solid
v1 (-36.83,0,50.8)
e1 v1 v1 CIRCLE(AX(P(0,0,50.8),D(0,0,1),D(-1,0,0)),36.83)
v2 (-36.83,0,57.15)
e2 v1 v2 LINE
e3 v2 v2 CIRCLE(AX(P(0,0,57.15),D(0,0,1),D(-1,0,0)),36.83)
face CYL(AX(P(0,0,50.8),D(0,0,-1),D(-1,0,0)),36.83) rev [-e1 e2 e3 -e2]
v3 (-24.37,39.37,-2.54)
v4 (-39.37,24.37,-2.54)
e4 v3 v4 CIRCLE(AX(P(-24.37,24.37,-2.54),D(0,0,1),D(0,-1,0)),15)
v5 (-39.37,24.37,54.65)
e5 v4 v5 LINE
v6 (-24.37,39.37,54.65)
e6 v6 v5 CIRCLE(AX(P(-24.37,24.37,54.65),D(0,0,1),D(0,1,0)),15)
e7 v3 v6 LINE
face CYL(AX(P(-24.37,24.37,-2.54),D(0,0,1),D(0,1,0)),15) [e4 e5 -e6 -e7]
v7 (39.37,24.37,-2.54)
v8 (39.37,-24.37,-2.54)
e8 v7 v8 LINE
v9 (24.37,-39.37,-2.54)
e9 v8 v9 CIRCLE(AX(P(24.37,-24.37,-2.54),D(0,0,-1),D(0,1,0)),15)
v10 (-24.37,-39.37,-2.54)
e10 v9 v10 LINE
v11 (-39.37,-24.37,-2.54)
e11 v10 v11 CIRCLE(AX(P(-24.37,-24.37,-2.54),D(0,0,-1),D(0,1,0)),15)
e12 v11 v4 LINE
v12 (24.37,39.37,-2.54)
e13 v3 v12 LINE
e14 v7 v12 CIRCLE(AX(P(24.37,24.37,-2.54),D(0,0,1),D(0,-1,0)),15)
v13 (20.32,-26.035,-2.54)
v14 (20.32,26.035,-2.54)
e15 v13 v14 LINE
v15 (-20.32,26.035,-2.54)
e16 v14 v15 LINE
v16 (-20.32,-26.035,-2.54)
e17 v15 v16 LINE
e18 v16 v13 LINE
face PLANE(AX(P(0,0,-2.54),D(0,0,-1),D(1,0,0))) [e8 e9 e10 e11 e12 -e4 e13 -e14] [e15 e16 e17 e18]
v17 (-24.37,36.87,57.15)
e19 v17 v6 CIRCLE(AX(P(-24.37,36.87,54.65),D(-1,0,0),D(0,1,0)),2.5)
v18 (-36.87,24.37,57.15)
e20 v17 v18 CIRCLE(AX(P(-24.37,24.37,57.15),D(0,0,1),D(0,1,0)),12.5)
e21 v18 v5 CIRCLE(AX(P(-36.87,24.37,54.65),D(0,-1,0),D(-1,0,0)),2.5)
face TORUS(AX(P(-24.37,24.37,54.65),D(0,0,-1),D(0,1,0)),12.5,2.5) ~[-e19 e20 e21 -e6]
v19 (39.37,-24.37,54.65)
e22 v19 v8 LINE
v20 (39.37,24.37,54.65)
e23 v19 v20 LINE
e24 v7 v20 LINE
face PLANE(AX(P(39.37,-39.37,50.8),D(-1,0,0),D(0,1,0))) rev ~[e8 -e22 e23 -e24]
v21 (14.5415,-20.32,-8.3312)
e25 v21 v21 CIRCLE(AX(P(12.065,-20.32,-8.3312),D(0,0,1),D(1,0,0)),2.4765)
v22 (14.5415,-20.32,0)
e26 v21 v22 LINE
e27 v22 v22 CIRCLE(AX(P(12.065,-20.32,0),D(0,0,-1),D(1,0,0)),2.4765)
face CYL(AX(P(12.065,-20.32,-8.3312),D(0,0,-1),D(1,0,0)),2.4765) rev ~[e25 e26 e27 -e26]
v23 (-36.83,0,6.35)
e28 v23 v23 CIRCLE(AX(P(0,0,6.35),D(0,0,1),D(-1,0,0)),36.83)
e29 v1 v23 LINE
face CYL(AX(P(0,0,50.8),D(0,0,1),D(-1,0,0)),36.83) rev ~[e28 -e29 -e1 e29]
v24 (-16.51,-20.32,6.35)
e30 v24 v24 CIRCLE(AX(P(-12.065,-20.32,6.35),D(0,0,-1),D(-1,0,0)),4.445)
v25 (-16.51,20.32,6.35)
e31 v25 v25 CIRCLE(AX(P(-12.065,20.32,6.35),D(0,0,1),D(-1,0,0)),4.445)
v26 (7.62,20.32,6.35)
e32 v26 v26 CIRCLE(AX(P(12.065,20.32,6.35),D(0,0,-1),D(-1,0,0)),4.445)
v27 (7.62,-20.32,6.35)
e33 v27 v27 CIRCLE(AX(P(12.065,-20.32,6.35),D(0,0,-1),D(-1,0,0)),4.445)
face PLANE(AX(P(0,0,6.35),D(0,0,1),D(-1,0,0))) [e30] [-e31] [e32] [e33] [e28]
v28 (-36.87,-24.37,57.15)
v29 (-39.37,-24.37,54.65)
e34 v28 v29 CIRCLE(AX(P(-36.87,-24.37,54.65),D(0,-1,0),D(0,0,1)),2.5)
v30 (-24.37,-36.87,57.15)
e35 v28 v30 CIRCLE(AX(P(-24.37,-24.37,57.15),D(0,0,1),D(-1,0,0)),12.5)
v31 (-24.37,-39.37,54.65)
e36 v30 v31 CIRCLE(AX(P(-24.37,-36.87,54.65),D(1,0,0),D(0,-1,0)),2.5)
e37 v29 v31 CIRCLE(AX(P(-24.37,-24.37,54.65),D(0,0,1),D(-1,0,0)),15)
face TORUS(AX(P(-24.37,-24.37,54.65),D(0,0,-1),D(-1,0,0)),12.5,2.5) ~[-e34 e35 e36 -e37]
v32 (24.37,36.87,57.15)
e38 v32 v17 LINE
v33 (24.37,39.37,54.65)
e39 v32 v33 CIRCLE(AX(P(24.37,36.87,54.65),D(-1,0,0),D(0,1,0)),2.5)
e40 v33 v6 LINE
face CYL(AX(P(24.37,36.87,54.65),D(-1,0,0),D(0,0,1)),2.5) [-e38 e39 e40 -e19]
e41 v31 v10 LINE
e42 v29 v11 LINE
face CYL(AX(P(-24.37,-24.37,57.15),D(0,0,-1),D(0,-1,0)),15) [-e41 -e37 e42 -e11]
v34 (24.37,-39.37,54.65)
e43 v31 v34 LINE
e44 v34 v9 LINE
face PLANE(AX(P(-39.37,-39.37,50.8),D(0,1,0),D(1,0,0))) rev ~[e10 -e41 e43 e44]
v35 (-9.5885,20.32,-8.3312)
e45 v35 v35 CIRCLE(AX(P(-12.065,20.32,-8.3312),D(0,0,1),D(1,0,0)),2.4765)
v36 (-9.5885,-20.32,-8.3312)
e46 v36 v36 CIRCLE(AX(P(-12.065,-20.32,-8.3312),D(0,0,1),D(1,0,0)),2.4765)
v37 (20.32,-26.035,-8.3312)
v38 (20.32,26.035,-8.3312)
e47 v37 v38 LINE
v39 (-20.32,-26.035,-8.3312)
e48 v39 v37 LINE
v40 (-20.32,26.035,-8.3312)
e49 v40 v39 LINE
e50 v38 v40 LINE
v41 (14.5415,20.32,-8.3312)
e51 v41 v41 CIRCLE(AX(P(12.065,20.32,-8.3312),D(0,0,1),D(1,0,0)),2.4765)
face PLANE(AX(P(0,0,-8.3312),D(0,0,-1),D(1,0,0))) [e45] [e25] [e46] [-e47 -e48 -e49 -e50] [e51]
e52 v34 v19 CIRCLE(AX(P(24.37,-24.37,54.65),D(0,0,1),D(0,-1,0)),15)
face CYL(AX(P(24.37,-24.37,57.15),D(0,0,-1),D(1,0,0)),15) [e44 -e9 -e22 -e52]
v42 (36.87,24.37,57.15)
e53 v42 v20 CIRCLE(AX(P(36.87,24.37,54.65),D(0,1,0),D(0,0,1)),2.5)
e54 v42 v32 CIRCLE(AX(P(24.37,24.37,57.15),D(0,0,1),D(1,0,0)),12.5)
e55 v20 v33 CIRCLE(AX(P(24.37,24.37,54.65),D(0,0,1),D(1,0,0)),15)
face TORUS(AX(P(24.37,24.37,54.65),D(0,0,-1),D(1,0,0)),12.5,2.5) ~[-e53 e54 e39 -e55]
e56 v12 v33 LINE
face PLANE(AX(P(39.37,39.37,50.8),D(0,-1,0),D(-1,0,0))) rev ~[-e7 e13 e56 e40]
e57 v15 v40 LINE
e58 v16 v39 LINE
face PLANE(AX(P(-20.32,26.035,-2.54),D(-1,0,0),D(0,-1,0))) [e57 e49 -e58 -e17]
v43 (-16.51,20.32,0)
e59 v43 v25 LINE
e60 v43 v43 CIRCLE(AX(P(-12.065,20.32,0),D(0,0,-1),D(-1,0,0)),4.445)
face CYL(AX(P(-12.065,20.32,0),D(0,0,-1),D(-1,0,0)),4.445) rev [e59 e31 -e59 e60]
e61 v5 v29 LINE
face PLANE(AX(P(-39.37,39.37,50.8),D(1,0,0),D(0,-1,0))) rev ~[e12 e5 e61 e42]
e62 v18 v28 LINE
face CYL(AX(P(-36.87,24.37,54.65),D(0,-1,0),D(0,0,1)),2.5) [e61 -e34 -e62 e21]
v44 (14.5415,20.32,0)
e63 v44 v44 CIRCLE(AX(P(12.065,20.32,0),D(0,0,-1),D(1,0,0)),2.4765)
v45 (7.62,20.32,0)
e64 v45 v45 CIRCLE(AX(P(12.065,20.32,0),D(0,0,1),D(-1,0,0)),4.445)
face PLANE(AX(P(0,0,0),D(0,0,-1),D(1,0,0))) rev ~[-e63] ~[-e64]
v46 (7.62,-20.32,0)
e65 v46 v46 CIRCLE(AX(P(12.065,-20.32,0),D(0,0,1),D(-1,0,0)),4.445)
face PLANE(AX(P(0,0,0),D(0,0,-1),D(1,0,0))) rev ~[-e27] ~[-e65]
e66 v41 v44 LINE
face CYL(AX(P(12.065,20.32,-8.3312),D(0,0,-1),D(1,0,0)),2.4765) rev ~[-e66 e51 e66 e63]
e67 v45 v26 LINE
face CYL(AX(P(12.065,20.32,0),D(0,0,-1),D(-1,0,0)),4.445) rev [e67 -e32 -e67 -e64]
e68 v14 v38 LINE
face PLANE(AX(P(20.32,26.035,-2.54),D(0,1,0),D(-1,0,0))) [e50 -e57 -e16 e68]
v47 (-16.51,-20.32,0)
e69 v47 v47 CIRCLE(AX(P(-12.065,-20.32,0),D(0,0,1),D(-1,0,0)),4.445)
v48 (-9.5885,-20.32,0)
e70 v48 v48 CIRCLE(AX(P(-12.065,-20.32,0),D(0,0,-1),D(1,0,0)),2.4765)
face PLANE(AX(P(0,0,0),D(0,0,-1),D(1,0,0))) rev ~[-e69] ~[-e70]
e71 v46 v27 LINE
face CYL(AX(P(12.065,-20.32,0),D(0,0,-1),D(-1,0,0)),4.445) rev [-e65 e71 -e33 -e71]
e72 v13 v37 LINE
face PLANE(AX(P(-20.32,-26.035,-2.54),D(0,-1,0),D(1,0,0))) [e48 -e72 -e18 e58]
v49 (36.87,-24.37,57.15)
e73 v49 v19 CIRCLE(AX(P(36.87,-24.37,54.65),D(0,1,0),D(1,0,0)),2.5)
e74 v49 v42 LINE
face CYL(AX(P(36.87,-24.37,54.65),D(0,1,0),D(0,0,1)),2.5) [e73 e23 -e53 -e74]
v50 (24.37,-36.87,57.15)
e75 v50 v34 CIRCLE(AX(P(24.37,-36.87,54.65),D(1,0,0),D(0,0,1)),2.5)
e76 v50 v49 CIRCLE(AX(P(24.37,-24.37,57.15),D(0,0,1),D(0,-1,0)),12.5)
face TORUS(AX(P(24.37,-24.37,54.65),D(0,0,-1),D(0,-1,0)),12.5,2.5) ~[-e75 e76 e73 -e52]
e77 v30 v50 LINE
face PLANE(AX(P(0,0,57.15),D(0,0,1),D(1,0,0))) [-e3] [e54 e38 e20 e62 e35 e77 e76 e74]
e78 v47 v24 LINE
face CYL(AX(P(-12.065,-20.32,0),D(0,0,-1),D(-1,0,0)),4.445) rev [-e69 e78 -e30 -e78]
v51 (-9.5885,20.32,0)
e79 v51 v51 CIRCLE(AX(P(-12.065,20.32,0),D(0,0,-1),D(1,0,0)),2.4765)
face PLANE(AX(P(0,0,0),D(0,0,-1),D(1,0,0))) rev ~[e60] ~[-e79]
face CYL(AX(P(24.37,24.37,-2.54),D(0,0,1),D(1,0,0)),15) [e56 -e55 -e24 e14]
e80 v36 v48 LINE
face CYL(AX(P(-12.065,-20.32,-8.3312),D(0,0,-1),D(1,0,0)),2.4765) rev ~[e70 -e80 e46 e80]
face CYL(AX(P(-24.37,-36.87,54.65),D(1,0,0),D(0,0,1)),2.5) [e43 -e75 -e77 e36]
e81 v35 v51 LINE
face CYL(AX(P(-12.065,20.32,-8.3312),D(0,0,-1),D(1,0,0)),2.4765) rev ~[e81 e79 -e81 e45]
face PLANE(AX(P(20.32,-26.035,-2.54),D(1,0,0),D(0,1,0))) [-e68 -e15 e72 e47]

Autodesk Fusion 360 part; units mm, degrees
sketch "Sketch1" plane through (0, 0, 0) normal (0, 0, 1) x (1, 0, 0)
  line L0 (39.37, 39.37) -> (-39.37, 39.37)
  line L1 (-39.37, 39.37) -> (-39.37, -39.37)
  line L2 (-39.37, -39.37) -> (39.37, -39.37)
  line L3 (39.37, -39.37) -> (39.37, 39.37)
  line L4 (39.37, 39.37) -> (-39.37, -39.37) construction
  line L5 (-39.37, 39.37) -> (39.37, -39.37) construction
  dimension "d9" = 78.74
  dimension "d10" = 78.74
extrude "Extrude1" add sketch "Sketch1" along normal blind 50.8
sketch "Sketch2" plane through (0, 0, 50.8) normal (0, 0, 1) x (-1, 0, 0)
  line L0 (-39.37, 39.37) -> (-39.37, -39.37)
  line L1 (-39.37, -39.37) -> (39.37, -39.37)
  line L2 (39.37, -39.37) -> (39.37, 39.37)
  line L3 (39.37, 39.37) -> (-39.37, 39.37)
  circle A0 centre (0, 0) radius 36.83
  dimension "d13" = 73.66
extrude "Extrude2" cut sketch "Sketch2" against normal up to surface (50.8 mm away) contours A0
sketch "Sketch3" plane through (0, 0, 0) normal (0, 0, -1) x (1, 0, 0)
  circle A0 centre (0, 0) radius 36.83
  line L0 (39.37, -39.37) -> (39.37, 39.37)
  line L1 (39.37, 39.37) -> (-39.37, 39.37)
  line L2 (-39.37, 39.37) -> (-39.37, -39.37)
  line L3 (-39.37, -39.37) -> (39.37, -39.37)
  line L4 (-39.37, 39.37) -> (39.37, 39.37)
  line L5 (39.37, 39.37) -> (39.37, -39.37)
  line L6 (39.37, -39.37) -> (-39.37, -39.37)
  line L7 (-39.37, -39.37) -> (-39.37, 39.37)
extrude "Extrude3" add sketch "Sketch3" along normal blind 2.54 contours A0 | L0 L1 L2 L3 L4 L5 L6 L7
sketch "Sketch4" plane through (0, 0, -2.54) normal (0, 0, -1) x (1, 0, 0)
  line L0 (-39.37, -39.37) -> (39.37, -39.37)
  line L1 (39.37, -39.37) -> (39.37, 39.37)
  line L2 (39.37, 39.37) -> (-39.37, 39.37)
  line L3 (-39.37, 39.37) -> (-39.37, -39.37)
  line L4 (-20.32, 26.035) -> (20.32, 26.035)
  line L5 (20.32, 26.035) -> (20.32, -26.035)
  line L6 (20.32, -26.035) -> (-20.32, -26.035)
  line L7 (-20.32, -26.035) -> (-20.32, 26.035)
  line L8 (-20.32, 26.035) -> (20.32, -26.035) construction
  line L9 (20.32, 26.035) -> (-20.32, -26.035) construction
  dimension "d18" = 40.64
  dimension "d19" = 52.07
extrude "Extrude4" add sketch "Sketch4" along normal blind 5.7912 contours L4 L5 L6 L7
sketch "Sketch5" plane through (0, 0, -8.3312) normal (0, 0, -1) x (1, 0, 0)
  line L0 (-20.32, -26.035) -> (20.32, -26.035)
  line L1 (20.32, -26.035) -> (20.32, 26.035)
  line L2 (20.32, 26.035) -> (-20.32, 26.035)
  line L3 (-20.32, 26.035) -> (-20.32, -26.035)
  line L4 (-12.065, 20.32) -> (12.065, 20.32)
  line L5 (12.065, 20.32) -> (12.065, -20.32)
  line L6 (12.065, -20.32) -> (-12.065, -20.32)
  line L7 (-12.065, -20.32) -> (-12.065, 20.32)
  line L8 (-12.065, 20.32) -> (12.065, -20.32) construction
  line L9 (12.065, 20.32) -> (-12.065, -20.32) construction
  circle A0 centre (12.065, -20.32) radius 2.4765
  circle A1 centre (-12.065, -20.32) radius 2.4765
  circle A2 centre (-12.065, 20.32) radius 2.4765
  circle A3 centre (12.065, 20.32) radius 2.4765
  dimension "d23" = 24.13
  dimension "d24" = 40.64
  dimension "d26" = 4.953
  dimension "d27" = 4.953
  dimension "d28" = 4.953
  dimension "d29" = 4.953
extrude "Extrude5" cut sketch "Sketch5" against normal up to surface (59.1312 mm away) contours L4 L7 A2 | L4 L7 A2 | L4 L5 A3 | L4 L5 A3 | L6 L7 A1 | L6 L7 A1 | L5 L6 A0 | L5 L6 A0
sketch "Sketch6" plane through (0, 0, 0) normal (0, 0, 1) x (-1, 0, 0)
  circle A0 centre (12.065, -20.32) radius 2.4765
  circle A1 centre (12.065, 20.32) radius 2.4765
  circle A2 centre (-12.065, -20.32) radius 2.4765
  circle A3 centre (-12.065, 20.32) radius 2.4765
  circle A4 centre (0, 0) radius 36.83
  line L0 (-12.065, 20.32) -> (12.065, 20.32)
  line L1 (12.065, 20.32) -> (12.065, -20.32)
  line L2 (12.065, -20.32) -> (-12.065, -20.32)
  line L3 (-12.065, -20.32) -> (-12.065, 20.32)
  circle A5 centre (-12.065, 20.32) radius 4.445
  circle A6 centre (12.065, 20.32) radius 4.445
  circle A7 centre (-12.065, -20.32) radius 4.445
  circle A8 centre (12.065, -20.32) radius 4.445
  dimension "d33" = 8.89
  dimension "d34" = 8.89
  dimension "d35" = 8.89
  dimension "d36" = 8.89
extrude "Extrude6" add sketch "Sketch6" along normal blind 6.35 contours L0 L1 L2 L3 A5 A6 A7 A8 | A4
extrude "Extrude7" add 1 faces at (29.7771, -31.0719, 50.8) along direction (0, 0, 1) blind 6.35
fillet "Fillet1" radius 15 4 edges at (39.37, -39.37, 27.305) (39.37, 39.37, 27.305) (-39.37, -39.37, 27.305) (-39.37, 39.37, 27.305)
fillet "Fillet2" radius 2.5 8 edges at (-34.9766, 34.9766, 57.15) (-39.37, 0, 57.15) (-34.9766, -34.9766, 57.15) (0, -39.37, 57.15) (34.9766, -34.9766, 57.15) (39.37, 0, 57.15) (34.9766, 34.9766, 57.15) (0, 39.37, 57.15)
equation "CupBaseDiameter = 2.7 in"
equation "CupHeight = 2 in"
equation "CupTopDiameter = 2.9 in"
equation "HoleDistanceLength = 0.95 in"
equation "HoleDistanceWidth = 1.6 in"
equation "BaseLength = 1.6 in"
equation "BaseWidth = 2.05 in"
equation "CupTop = CupTopDiameter + 0.2 in"
equation "d9 = CupTop"
equation "d10 = CupTop"
equation "d11 = CupHeight"
equation "d13 = CupTopDiameter"
equation "d18 = BaseLength"
equation "d19 = BaseWidth"
equation "BaseHeight = 0.228 in"
equation "d21 = BaseHeight"
equation "d23 = HoleDistanceLength"
equation "d24 = HoleDistanceWidth"
equation "ScrewHoleDiameter = 0.195 in"
equation "d26 = ScrewHoleDiameter"
equation "d27 = ScrewHoleDiameter"
equation "d28 = ScrewHoleDiameter"
equation "d29 = ScrewHoleDiameter"
equation "ScrewTopDiamater = 0.35 in"
equation "d33 = ScrewTopDiamater"
equation "d34 = ScrewTopDiamater"
equation "d35 = ScrewTopDiamater"
equation "d36 = ScrewTopDiamater"
